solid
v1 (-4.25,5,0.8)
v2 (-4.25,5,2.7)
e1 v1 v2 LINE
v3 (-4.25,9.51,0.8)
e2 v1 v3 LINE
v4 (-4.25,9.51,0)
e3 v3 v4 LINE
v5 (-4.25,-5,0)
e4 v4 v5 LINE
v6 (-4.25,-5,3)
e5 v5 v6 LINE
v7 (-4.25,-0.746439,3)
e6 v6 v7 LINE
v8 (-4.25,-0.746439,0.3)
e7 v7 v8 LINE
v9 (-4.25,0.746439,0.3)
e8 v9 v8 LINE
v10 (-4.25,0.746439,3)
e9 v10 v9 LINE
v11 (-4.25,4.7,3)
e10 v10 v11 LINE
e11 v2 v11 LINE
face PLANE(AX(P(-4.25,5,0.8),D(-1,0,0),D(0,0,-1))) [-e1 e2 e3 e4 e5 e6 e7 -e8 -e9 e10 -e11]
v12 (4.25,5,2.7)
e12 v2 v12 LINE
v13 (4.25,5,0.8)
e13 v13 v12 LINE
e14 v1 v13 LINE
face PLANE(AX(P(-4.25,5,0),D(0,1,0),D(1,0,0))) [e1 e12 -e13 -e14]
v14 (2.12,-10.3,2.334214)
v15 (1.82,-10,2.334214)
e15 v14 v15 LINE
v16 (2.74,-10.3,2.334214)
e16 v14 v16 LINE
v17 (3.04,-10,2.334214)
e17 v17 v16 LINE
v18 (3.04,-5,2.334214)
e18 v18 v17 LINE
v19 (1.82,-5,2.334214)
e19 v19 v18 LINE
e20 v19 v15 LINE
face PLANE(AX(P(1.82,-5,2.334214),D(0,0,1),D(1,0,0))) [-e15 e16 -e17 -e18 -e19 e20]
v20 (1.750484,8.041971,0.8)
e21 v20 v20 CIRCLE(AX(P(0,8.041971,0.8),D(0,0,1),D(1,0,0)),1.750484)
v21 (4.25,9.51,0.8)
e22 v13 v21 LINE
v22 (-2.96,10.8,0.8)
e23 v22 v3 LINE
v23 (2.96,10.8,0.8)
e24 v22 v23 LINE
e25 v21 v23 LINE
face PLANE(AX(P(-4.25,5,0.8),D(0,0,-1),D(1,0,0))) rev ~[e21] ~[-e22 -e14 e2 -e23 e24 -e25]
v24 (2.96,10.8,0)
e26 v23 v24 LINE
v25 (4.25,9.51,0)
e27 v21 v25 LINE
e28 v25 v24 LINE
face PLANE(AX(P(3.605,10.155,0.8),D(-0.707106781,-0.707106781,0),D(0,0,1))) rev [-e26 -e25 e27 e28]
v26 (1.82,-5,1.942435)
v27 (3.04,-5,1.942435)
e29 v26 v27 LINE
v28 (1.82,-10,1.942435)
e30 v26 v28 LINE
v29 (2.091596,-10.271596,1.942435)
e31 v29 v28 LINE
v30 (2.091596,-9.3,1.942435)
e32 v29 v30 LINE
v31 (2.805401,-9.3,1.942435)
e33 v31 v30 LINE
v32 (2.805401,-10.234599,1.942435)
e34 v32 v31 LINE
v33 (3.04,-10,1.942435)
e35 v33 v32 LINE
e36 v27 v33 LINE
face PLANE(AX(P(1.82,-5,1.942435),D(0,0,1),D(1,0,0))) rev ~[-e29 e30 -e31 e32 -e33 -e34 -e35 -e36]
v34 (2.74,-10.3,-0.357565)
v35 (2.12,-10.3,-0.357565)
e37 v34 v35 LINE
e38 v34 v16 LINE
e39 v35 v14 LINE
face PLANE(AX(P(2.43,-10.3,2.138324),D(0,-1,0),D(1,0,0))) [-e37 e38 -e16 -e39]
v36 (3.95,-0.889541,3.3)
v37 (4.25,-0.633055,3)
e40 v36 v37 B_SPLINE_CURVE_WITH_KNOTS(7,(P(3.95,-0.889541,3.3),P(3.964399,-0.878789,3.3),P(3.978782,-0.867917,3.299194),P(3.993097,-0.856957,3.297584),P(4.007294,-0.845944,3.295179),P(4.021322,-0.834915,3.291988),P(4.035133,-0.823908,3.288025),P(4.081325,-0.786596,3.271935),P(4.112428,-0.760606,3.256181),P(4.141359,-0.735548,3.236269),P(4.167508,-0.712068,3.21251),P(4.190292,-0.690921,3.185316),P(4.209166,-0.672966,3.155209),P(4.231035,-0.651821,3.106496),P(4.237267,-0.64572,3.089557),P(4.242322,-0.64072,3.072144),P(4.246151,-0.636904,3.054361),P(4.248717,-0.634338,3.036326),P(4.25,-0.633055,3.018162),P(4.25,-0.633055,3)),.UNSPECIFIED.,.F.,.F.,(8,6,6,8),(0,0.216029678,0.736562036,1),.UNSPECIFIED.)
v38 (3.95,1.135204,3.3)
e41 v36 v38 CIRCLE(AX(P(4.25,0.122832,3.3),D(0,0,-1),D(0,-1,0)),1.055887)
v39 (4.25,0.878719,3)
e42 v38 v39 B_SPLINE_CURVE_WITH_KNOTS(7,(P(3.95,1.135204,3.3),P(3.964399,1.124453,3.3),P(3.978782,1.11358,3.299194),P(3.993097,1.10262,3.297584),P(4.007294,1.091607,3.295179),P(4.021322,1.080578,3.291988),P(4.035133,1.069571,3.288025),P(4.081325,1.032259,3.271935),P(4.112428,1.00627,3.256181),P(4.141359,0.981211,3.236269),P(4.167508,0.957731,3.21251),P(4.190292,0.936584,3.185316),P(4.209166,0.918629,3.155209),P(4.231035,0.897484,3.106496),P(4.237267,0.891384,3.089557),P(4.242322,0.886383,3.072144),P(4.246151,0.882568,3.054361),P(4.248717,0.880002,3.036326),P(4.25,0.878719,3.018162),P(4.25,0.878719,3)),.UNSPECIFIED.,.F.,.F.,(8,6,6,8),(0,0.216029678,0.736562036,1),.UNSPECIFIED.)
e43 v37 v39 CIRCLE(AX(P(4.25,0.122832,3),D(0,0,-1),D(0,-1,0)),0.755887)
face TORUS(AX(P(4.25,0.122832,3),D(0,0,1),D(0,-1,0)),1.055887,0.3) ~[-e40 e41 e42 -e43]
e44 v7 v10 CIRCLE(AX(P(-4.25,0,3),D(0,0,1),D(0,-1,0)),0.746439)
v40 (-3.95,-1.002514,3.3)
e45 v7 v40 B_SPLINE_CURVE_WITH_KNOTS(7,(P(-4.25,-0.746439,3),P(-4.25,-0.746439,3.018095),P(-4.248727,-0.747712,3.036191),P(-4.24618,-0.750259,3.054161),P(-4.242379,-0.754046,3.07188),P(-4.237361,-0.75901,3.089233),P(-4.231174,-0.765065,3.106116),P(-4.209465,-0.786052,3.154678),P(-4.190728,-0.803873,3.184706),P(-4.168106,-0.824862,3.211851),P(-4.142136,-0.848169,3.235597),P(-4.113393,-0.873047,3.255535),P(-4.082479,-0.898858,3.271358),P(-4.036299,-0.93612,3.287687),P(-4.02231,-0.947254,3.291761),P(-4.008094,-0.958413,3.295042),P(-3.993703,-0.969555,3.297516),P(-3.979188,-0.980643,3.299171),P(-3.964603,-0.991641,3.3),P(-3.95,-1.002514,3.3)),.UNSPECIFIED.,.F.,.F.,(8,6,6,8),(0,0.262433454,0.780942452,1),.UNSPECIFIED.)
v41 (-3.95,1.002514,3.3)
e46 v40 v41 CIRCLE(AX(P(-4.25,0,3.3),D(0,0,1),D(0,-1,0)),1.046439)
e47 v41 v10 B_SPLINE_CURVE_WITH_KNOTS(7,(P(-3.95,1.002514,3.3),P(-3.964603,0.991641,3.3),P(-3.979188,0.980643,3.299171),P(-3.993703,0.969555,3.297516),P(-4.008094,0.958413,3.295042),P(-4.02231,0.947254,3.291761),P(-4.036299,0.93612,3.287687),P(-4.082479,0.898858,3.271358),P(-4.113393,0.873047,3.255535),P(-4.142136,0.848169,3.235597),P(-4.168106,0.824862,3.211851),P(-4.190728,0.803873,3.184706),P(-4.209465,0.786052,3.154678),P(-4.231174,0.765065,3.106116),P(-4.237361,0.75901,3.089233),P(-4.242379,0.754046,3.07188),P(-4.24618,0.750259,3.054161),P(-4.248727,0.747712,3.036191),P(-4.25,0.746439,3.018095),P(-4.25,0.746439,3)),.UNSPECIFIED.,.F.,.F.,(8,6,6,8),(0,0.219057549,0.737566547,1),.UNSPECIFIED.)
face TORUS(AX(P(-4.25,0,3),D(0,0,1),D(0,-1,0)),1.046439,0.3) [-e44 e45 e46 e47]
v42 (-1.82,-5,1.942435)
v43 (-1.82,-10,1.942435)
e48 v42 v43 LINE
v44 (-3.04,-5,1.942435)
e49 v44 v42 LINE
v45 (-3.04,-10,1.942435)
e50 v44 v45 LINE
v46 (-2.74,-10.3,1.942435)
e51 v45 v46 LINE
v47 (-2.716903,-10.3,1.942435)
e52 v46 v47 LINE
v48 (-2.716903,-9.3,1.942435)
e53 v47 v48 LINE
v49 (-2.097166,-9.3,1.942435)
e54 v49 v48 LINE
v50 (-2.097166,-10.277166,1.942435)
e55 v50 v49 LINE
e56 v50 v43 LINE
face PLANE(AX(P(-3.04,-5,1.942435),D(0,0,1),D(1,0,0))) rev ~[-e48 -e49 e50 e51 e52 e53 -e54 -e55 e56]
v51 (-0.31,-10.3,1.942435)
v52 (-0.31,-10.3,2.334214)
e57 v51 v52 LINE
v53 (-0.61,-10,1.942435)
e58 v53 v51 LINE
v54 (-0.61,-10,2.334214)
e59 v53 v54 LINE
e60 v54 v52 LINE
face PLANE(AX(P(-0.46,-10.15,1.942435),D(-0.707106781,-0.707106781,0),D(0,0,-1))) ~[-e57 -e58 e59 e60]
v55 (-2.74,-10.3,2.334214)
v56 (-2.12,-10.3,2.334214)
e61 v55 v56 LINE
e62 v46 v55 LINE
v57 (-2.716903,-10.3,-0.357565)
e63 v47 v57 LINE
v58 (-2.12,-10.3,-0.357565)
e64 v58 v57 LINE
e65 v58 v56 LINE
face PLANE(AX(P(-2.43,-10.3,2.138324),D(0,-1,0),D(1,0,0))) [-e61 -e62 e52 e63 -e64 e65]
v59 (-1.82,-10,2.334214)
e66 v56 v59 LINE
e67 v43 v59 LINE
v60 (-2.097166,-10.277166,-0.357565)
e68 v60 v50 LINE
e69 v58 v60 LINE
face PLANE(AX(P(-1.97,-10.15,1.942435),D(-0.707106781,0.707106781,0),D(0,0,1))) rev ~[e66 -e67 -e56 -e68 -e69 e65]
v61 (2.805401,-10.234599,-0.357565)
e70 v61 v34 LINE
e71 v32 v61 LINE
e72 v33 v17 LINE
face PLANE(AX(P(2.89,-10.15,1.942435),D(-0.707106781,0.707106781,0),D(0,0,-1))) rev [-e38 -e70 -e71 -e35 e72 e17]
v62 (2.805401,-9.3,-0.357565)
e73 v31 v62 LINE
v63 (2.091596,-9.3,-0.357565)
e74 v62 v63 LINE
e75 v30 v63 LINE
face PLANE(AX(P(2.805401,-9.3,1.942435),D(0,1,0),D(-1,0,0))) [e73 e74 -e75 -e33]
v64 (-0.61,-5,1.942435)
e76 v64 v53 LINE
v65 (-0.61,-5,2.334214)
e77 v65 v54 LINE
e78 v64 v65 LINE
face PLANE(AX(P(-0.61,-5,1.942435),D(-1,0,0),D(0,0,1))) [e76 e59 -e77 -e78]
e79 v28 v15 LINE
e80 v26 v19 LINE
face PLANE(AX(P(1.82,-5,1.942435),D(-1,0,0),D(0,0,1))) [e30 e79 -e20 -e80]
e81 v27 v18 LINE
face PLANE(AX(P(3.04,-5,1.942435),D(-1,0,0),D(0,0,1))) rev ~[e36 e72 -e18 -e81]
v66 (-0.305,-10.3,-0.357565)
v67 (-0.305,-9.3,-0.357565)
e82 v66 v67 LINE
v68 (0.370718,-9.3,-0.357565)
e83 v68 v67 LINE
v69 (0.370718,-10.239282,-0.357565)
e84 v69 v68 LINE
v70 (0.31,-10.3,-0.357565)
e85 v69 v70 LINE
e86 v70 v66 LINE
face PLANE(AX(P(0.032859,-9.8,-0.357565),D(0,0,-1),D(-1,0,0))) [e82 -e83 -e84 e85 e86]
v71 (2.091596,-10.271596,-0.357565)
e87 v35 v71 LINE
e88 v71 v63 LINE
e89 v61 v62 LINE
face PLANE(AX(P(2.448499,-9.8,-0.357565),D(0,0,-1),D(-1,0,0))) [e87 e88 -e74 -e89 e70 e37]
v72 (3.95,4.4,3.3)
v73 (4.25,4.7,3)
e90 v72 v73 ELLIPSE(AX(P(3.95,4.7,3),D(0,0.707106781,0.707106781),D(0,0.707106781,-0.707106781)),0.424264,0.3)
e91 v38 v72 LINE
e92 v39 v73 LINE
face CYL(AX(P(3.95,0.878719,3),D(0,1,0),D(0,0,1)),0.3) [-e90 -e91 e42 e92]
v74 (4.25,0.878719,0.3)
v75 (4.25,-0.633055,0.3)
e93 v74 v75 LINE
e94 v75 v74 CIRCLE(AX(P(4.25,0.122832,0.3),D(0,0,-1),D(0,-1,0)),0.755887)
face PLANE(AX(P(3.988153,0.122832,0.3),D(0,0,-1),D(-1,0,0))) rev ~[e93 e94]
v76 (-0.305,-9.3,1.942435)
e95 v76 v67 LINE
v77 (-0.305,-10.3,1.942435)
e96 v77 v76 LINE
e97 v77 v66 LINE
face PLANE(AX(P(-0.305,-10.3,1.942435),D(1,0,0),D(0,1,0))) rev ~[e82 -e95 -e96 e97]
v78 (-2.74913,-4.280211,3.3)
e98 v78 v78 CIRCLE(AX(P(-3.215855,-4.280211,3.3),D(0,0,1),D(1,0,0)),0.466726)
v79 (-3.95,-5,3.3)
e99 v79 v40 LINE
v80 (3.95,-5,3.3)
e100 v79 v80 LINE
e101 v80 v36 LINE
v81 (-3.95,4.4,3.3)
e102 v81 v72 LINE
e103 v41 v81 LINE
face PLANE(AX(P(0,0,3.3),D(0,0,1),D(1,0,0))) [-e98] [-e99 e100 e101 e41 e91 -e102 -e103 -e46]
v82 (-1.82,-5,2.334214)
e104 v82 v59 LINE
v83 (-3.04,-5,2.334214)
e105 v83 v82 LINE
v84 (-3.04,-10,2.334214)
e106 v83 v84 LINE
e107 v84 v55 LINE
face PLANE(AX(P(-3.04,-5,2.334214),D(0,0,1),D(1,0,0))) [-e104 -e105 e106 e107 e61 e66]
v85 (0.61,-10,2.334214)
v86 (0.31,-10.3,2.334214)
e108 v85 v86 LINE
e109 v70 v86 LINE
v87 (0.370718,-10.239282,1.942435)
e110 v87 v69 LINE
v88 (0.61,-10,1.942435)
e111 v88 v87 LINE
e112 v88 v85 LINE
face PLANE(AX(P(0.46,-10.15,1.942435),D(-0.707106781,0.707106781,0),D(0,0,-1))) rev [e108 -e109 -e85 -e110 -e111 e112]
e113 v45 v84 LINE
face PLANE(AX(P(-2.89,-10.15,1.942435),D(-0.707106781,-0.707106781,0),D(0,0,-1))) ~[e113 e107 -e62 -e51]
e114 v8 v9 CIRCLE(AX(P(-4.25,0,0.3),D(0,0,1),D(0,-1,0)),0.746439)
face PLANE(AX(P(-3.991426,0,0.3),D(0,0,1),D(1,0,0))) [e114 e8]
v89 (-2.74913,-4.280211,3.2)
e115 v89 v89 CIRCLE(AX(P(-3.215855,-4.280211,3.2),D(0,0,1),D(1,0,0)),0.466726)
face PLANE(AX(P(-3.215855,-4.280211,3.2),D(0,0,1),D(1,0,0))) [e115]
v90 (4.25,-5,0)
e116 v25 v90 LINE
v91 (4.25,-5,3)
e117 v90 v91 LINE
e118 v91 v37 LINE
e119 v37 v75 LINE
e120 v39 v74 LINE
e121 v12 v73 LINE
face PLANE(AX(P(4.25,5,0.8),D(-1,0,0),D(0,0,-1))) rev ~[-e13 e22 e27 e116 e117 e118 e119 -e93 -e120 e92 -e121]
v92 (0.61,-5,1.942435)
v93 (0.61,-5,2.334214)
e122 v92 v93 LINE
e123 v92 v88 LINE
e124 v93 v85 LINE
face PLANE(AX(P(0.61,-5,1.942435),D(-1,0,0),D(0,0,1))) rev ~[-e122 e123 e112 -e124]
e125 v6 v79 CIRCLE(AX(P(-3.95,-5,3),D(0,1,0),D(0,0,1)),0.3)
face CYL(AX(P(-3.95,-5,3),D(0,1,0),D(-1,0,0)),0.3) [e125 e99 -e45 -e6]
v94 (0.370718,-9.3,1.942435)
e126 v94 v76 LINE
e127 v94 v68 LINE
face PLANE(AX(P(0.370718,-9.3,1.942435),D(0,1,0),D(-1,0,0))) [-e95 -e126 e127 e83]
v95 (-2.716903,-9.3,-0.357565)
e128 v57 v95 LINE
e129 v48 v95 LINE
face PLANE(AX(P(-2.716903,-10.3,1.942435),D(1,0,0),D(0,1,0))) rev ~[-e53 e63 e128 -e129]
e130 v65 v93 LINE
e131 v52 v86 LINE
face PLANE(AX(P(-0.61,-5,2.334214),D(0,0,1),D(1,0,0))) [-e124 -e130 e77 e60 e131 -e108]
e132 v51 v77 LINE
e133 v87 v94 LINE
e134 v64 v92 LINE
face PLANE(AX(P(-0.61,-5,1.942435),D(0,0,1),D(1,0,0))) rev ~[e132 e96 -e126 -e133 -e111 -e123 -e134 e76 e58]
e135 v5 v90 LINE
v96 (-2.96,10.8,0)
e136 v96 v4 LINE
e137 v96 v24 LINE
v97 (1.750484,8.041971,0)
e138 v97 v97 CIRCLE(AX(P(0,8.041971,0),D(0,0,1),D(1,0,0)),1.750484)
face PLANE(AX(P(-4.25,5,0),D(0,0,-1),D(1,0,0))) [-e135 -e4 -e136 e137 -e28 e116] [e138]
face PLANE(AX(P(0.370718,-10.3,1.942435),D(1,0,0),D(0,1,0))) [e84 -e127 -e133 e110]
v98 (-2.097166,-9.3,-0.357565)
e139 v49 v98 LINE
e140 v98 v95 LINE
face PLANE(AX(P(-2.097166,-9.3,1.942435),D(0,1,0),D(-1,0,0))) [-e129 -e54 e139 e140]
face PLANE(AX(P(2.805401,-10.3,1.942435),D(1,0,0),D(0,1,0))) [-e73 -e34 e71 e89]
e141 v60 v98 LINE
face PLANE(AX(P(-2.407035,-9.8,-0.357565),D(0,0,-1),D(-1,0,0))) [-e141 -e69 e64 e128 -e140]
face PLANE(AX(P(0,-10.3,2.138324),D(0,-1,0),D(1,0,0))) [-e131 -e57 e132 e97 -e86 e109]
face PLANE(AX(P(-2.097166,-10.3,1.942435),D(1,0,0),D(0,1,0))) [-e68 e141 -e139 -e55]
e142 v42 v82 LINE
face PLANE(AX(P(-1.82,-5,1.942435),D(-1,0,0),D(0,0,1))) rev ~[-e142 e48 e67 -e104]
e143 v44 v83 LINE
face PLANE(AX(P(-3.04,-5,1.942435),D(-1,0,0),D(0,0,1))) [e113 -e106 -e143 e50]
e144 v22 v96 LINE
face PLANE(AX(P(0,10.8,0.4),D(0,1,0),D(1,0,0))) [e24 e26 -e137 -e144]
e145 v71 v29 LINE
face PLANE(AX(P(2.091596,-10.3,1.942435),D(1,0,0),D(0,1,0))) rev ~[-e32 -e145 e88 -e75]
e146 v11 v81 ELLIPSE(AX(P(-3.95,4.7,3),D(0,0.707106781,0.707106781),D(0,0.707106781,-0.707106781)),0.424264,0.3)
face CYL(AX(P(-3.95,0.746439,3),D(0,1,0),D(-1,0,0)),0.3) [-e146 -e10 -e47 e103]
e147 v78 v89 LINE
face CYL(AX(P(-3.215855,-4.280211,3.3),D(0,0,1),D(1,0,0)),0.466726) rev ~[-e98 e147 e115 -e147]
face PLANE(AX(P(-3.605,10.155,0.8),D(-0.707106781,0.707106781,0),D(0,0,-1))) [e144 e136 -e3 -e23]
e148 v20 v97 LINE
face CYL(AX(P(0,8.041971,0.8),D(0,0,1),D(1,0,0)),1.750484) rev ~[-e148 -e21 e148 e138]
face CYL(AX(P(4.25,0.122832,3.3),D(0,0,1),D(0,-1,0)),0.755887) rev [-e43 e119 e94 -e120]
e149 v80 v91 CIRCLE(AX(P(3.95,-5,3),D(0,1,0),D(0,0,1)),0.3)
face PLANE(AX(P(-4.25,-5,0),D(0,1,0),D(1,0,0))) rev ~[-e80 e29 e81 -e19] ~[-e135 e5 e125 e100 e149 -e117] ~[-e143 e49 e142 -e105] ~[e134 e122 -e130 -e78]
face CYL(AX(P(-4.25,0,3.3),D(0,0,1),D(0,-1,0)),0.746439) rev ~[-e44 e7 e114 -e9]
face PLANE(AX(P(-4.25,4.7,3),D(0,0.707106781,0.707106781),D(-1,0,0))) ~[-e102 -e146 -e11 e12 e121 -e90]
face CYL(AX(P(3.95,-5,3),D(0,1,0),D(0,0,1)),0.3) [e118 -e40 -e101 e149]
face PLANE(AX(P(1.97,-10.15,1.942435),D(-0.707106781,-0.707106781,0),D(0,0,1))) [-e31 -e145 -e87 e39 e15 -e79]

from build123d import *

# Parameters (mm, degrees)
CROQUIS1_W              = 8.5
CROQUIS1_H              = 10
SALIENTE_EXTRUIR1_DEPTH = 3.3
CROQUIS2_R              = 0.466725864
CORTAR_EXTRUIR1_DEPTH   = 0.1
CORTAR_EXTRUIR2_DEPTH   = 3
CORTAR_EXTRUIR3_DEPTH   = 3
CHAFL_N1_SIZE           = 0.6
REDONDEO1_R             = 0.3
CROQUIS5_W              = 8.5
CROQUIS5_H              = 0.8
SALIENTE_EXTRUIR2_DEPTH = 5.8
CROQUIS6_R              = 1.750484279
CORTAR_EXTRUIR4_DEPTH   = 5.8
CROQUIS7_W              = 1.22
CROQUIS7_H              = 0.3917794
SALIENTE_EXTRUIR3_DEPTH = 5.3
CROQUIS8_W              = 1.22
CROQUIS8_H              = 0.3917794
SALIENTE_EXTRUIR4_DEPTH = 5.3
CROQUIS9_W              = 0.675717965
CROQUIS9_H              = 1
CROQUIS9_W_2            = 0.619737604
CROQUIS9_W_3            = 0.713804918
SALIENTE_EXTRUIR5_DEPTH = 2.3
CHAFL_N2_SIZE           = 0.3
CHAFL_N3_SIZE           = 0.3
CHAFL_N4_SIZE           = 0.3
CHAFL_N5_SIZE           = 0.3
CHAFL_N6_SIZE           = 0.3
CHAFL_N7_SIZE           = 0.3
CHAFL_N8_SIZE           = 1.29
CHAFL_N9_SIZE           = 1.29


with BuildPart() as part:
    # Croquis1 → Saliente-Extruir1 (new body)
    with BuildSketch(Plane.XY):
        Rectangle(CROQUIS1_W, CROQUIS1_H)
    extrude(amount=SALIENTE_EXTRUIR1_DEPTH)

    # Croquis2 → Cortar-Extruir1 (cut)
    with BuildSketch(Plane.XY.offset(3.3)):
        with Locations((-3.215855375, -4.280210789)):
            Circle(CROQUIS2_R)
    extrude(amount=-CORTAR_EXTRUIR1_DEPTH, mode=Mode.SUBTRACT)

    # Croquis3 → Cortar-Extruir2 (cut)
    with BuildSketch(Plane.XY.offset(3.3)):
        with BuildLine():
            Line((-4.25, 0.746438526), (-4.25, -0.746438526))
            ThreePointArc((-4.25, -0.746438526), (-3.503561474, 0), (-4.25, 0.746438526))
        make_face()
    extrude(amount=-CORTAR_EXTRUIR2_DEPTH, mode=Mode.SUBTRACT)

    # Croquis4 → Cortar-Extruir3 (cut)
    with BuildSketch(Plane.XY.offset(3.3)):
        with BuildLine():
            Line((4.25, 0.878718771), (4.25, -0.633055459))
            ThreePointArc((4.25, -0.633055459), (3.494112885, 0.122831656), (4.25, 0.878718771))
        make_face()
    extrude(amount=-CORTAR_EXTRUIR3_DEPTH, mode=Mode.SUBTRACT)

    # Chaflán1
    chafl_n1_edges = [part.edges().sort_by_distance(p)[0] for p in [
        (0, 5, 3.3),
    ]]
    chamfer(chafl_n1_edges, length=CHAFL_N1_SIZE)

    # Redondeo1
    redondeo1_edges = [part.edges().sort_by_distance(p)[0] for p in [
        (4.25, -2.816527729, 3.3),
        (-4.25, -2.873219263, 3.3),
        (-3.503561474, 0, 3.3),
        (4.25, 2.639359386, 3.3),
        (3.494112885, 0.122831656, 3.3),
        (-4.25, 2.573219263, 3.3),
    ]]
    fillet(redondeo1_edges, radius=REDONDEO1_R)

    # Croquis5 → Saliente-Extruir2 (add)
    with BuildSketch(Plane(origin=(0, 5, 0), x_dir=(1, 0, 0), z_dir=(0, 1, 0))):
        with Locations((0, -0.4)):
            Rectangle(CROQUIS5_W, CROQUIS5_H)
    extrude(amount=SALIENTE_EXTRUIR2_DEPTH)

    # Croquis6 → Cortar-Extruir4 (cut)
    with BuildSketch(Plane.XY.offset(0.8)):
        with Locations((0, 8.041970686)):
            Circle(CROQUIS6_R)
    extrude(amount=-CORTAR_EXTRUIR4_DEPTH, mode=Mode.SUBTRACT)

    # Croquis7 → Saliente-Extruir3 (add)
    with BuildSketch(Plane.XZ.offset(5)):
        with Locations((0, 2.138324213)):
            Rectangle(CROQUIS7_W, CROQUIS7_H)
    extrude(amount=SALIENTE_EXTRUIR3_DEPTH)

    # Croquis8 → Saliente-Extruir4 (add)
    with BuildSketch(Plane.XZ.offset(5)):
        with Locations((2.43, 2.138324213)):
            Rectangle(CROQUIS8_W, CROQUIS8_H)
        with Locations((-2.43, 2.138324213)):
            Rectangle(CROQUIS8_W, CROQUIS8_H)
    extrude(amount=SALIENTE_EXTRUIR4_DEPTH)

    # Croquis9 → Saliente-Extruir5 (add)
    with BuildSketch(Plane(origin=(0, 0, 1.942434513), x_dir=(-1, 0, 0), z_dir=(0, 0, -1))):
        with Locations((-0.032858983, -9.8)):
            Rectangle(CROQUIS9_W, CROQUIS9_H)
        with Locations((2.407034508, -9.8)):
            Rectangle(CROQUIS9_W_2, CROQUIS9_H)
        with Locations((-2.448498949, -9.8)):
            Rectangle(CROQUIS9_W_3, CROQUIS9_H)
    extrude(amount=SALIENTE_EXTRUIR5_DEPTH)

    # Chaflán2
    chafl_n2_edges = [part.edges().sort_by_distance(p)[0] for p in [
        (3.04, -10.3, 2.138324213),
    ]]
    chamfer(chafl_n2_edges, length=CHAFL_N2_SIZE)

    # Chaflán3
    chafl_n3_edges = [part.edges().sort_by_distance(p)[0] for p in [
        (1.82, -10.3, 2.138324213),
    ]]
    chamfer(chafl_n3_edges, length=CHAFL_N3_SIZE)

    # Chaflán4
    chafl_n4_edges = [part.edges().sort_by_distance(p)[0] for p in [
        (-0.61, -10.3, 2.138324213),
    ]]
    chamfer(chafl_n4_edges, length=CHAFL_N4_SIZE)

    # Chaflán5
    chafl_n5_edges = [part.edges().sort_by_distance(p)[0] for p in [
        (-3.04, -10.3, 2.138324213),
    ]]
    chamfer(chafl_n5_edges, length=CHAFL_N5_SIZE)

    # Chaflán6
    chafl_n6_edges = [part.edges().sort_by_distance(p)[0] for p in [
        (-1.82, -10.3, 2.138324213),
    ]]
    chamfer(chafl_n6_edges, length=CHAFL_N6_SIZE)

    # Chaflán7
    chafl_n7_edges = [part.edges().sort_by_distance(p)[0] for p in [
        (0.61, -10.3, 2.138324213),
    ]]
    chamfer(chafl_n7_edges, length=CHAFL_N7_SIZE)

    # Chaflán8
    chafl_n8_edges = [part.edges().sort_by_distance(p)[0] for p in [
        (4.25, 10.8, 0.4),
    ]]
    chamfer(chafl_n8_edges, length=CHAFL_N8_SIZE)

    # Chaflán9
    chafl_n9_edges = [part.edges().sort_by_distance(p)[0] for p in [
        (-4.25, 10.8, 0.4),
    ]]
    chamfer(chafl_n9_edges, length=CHAFL_N9_SIZE)


solid = part.part
